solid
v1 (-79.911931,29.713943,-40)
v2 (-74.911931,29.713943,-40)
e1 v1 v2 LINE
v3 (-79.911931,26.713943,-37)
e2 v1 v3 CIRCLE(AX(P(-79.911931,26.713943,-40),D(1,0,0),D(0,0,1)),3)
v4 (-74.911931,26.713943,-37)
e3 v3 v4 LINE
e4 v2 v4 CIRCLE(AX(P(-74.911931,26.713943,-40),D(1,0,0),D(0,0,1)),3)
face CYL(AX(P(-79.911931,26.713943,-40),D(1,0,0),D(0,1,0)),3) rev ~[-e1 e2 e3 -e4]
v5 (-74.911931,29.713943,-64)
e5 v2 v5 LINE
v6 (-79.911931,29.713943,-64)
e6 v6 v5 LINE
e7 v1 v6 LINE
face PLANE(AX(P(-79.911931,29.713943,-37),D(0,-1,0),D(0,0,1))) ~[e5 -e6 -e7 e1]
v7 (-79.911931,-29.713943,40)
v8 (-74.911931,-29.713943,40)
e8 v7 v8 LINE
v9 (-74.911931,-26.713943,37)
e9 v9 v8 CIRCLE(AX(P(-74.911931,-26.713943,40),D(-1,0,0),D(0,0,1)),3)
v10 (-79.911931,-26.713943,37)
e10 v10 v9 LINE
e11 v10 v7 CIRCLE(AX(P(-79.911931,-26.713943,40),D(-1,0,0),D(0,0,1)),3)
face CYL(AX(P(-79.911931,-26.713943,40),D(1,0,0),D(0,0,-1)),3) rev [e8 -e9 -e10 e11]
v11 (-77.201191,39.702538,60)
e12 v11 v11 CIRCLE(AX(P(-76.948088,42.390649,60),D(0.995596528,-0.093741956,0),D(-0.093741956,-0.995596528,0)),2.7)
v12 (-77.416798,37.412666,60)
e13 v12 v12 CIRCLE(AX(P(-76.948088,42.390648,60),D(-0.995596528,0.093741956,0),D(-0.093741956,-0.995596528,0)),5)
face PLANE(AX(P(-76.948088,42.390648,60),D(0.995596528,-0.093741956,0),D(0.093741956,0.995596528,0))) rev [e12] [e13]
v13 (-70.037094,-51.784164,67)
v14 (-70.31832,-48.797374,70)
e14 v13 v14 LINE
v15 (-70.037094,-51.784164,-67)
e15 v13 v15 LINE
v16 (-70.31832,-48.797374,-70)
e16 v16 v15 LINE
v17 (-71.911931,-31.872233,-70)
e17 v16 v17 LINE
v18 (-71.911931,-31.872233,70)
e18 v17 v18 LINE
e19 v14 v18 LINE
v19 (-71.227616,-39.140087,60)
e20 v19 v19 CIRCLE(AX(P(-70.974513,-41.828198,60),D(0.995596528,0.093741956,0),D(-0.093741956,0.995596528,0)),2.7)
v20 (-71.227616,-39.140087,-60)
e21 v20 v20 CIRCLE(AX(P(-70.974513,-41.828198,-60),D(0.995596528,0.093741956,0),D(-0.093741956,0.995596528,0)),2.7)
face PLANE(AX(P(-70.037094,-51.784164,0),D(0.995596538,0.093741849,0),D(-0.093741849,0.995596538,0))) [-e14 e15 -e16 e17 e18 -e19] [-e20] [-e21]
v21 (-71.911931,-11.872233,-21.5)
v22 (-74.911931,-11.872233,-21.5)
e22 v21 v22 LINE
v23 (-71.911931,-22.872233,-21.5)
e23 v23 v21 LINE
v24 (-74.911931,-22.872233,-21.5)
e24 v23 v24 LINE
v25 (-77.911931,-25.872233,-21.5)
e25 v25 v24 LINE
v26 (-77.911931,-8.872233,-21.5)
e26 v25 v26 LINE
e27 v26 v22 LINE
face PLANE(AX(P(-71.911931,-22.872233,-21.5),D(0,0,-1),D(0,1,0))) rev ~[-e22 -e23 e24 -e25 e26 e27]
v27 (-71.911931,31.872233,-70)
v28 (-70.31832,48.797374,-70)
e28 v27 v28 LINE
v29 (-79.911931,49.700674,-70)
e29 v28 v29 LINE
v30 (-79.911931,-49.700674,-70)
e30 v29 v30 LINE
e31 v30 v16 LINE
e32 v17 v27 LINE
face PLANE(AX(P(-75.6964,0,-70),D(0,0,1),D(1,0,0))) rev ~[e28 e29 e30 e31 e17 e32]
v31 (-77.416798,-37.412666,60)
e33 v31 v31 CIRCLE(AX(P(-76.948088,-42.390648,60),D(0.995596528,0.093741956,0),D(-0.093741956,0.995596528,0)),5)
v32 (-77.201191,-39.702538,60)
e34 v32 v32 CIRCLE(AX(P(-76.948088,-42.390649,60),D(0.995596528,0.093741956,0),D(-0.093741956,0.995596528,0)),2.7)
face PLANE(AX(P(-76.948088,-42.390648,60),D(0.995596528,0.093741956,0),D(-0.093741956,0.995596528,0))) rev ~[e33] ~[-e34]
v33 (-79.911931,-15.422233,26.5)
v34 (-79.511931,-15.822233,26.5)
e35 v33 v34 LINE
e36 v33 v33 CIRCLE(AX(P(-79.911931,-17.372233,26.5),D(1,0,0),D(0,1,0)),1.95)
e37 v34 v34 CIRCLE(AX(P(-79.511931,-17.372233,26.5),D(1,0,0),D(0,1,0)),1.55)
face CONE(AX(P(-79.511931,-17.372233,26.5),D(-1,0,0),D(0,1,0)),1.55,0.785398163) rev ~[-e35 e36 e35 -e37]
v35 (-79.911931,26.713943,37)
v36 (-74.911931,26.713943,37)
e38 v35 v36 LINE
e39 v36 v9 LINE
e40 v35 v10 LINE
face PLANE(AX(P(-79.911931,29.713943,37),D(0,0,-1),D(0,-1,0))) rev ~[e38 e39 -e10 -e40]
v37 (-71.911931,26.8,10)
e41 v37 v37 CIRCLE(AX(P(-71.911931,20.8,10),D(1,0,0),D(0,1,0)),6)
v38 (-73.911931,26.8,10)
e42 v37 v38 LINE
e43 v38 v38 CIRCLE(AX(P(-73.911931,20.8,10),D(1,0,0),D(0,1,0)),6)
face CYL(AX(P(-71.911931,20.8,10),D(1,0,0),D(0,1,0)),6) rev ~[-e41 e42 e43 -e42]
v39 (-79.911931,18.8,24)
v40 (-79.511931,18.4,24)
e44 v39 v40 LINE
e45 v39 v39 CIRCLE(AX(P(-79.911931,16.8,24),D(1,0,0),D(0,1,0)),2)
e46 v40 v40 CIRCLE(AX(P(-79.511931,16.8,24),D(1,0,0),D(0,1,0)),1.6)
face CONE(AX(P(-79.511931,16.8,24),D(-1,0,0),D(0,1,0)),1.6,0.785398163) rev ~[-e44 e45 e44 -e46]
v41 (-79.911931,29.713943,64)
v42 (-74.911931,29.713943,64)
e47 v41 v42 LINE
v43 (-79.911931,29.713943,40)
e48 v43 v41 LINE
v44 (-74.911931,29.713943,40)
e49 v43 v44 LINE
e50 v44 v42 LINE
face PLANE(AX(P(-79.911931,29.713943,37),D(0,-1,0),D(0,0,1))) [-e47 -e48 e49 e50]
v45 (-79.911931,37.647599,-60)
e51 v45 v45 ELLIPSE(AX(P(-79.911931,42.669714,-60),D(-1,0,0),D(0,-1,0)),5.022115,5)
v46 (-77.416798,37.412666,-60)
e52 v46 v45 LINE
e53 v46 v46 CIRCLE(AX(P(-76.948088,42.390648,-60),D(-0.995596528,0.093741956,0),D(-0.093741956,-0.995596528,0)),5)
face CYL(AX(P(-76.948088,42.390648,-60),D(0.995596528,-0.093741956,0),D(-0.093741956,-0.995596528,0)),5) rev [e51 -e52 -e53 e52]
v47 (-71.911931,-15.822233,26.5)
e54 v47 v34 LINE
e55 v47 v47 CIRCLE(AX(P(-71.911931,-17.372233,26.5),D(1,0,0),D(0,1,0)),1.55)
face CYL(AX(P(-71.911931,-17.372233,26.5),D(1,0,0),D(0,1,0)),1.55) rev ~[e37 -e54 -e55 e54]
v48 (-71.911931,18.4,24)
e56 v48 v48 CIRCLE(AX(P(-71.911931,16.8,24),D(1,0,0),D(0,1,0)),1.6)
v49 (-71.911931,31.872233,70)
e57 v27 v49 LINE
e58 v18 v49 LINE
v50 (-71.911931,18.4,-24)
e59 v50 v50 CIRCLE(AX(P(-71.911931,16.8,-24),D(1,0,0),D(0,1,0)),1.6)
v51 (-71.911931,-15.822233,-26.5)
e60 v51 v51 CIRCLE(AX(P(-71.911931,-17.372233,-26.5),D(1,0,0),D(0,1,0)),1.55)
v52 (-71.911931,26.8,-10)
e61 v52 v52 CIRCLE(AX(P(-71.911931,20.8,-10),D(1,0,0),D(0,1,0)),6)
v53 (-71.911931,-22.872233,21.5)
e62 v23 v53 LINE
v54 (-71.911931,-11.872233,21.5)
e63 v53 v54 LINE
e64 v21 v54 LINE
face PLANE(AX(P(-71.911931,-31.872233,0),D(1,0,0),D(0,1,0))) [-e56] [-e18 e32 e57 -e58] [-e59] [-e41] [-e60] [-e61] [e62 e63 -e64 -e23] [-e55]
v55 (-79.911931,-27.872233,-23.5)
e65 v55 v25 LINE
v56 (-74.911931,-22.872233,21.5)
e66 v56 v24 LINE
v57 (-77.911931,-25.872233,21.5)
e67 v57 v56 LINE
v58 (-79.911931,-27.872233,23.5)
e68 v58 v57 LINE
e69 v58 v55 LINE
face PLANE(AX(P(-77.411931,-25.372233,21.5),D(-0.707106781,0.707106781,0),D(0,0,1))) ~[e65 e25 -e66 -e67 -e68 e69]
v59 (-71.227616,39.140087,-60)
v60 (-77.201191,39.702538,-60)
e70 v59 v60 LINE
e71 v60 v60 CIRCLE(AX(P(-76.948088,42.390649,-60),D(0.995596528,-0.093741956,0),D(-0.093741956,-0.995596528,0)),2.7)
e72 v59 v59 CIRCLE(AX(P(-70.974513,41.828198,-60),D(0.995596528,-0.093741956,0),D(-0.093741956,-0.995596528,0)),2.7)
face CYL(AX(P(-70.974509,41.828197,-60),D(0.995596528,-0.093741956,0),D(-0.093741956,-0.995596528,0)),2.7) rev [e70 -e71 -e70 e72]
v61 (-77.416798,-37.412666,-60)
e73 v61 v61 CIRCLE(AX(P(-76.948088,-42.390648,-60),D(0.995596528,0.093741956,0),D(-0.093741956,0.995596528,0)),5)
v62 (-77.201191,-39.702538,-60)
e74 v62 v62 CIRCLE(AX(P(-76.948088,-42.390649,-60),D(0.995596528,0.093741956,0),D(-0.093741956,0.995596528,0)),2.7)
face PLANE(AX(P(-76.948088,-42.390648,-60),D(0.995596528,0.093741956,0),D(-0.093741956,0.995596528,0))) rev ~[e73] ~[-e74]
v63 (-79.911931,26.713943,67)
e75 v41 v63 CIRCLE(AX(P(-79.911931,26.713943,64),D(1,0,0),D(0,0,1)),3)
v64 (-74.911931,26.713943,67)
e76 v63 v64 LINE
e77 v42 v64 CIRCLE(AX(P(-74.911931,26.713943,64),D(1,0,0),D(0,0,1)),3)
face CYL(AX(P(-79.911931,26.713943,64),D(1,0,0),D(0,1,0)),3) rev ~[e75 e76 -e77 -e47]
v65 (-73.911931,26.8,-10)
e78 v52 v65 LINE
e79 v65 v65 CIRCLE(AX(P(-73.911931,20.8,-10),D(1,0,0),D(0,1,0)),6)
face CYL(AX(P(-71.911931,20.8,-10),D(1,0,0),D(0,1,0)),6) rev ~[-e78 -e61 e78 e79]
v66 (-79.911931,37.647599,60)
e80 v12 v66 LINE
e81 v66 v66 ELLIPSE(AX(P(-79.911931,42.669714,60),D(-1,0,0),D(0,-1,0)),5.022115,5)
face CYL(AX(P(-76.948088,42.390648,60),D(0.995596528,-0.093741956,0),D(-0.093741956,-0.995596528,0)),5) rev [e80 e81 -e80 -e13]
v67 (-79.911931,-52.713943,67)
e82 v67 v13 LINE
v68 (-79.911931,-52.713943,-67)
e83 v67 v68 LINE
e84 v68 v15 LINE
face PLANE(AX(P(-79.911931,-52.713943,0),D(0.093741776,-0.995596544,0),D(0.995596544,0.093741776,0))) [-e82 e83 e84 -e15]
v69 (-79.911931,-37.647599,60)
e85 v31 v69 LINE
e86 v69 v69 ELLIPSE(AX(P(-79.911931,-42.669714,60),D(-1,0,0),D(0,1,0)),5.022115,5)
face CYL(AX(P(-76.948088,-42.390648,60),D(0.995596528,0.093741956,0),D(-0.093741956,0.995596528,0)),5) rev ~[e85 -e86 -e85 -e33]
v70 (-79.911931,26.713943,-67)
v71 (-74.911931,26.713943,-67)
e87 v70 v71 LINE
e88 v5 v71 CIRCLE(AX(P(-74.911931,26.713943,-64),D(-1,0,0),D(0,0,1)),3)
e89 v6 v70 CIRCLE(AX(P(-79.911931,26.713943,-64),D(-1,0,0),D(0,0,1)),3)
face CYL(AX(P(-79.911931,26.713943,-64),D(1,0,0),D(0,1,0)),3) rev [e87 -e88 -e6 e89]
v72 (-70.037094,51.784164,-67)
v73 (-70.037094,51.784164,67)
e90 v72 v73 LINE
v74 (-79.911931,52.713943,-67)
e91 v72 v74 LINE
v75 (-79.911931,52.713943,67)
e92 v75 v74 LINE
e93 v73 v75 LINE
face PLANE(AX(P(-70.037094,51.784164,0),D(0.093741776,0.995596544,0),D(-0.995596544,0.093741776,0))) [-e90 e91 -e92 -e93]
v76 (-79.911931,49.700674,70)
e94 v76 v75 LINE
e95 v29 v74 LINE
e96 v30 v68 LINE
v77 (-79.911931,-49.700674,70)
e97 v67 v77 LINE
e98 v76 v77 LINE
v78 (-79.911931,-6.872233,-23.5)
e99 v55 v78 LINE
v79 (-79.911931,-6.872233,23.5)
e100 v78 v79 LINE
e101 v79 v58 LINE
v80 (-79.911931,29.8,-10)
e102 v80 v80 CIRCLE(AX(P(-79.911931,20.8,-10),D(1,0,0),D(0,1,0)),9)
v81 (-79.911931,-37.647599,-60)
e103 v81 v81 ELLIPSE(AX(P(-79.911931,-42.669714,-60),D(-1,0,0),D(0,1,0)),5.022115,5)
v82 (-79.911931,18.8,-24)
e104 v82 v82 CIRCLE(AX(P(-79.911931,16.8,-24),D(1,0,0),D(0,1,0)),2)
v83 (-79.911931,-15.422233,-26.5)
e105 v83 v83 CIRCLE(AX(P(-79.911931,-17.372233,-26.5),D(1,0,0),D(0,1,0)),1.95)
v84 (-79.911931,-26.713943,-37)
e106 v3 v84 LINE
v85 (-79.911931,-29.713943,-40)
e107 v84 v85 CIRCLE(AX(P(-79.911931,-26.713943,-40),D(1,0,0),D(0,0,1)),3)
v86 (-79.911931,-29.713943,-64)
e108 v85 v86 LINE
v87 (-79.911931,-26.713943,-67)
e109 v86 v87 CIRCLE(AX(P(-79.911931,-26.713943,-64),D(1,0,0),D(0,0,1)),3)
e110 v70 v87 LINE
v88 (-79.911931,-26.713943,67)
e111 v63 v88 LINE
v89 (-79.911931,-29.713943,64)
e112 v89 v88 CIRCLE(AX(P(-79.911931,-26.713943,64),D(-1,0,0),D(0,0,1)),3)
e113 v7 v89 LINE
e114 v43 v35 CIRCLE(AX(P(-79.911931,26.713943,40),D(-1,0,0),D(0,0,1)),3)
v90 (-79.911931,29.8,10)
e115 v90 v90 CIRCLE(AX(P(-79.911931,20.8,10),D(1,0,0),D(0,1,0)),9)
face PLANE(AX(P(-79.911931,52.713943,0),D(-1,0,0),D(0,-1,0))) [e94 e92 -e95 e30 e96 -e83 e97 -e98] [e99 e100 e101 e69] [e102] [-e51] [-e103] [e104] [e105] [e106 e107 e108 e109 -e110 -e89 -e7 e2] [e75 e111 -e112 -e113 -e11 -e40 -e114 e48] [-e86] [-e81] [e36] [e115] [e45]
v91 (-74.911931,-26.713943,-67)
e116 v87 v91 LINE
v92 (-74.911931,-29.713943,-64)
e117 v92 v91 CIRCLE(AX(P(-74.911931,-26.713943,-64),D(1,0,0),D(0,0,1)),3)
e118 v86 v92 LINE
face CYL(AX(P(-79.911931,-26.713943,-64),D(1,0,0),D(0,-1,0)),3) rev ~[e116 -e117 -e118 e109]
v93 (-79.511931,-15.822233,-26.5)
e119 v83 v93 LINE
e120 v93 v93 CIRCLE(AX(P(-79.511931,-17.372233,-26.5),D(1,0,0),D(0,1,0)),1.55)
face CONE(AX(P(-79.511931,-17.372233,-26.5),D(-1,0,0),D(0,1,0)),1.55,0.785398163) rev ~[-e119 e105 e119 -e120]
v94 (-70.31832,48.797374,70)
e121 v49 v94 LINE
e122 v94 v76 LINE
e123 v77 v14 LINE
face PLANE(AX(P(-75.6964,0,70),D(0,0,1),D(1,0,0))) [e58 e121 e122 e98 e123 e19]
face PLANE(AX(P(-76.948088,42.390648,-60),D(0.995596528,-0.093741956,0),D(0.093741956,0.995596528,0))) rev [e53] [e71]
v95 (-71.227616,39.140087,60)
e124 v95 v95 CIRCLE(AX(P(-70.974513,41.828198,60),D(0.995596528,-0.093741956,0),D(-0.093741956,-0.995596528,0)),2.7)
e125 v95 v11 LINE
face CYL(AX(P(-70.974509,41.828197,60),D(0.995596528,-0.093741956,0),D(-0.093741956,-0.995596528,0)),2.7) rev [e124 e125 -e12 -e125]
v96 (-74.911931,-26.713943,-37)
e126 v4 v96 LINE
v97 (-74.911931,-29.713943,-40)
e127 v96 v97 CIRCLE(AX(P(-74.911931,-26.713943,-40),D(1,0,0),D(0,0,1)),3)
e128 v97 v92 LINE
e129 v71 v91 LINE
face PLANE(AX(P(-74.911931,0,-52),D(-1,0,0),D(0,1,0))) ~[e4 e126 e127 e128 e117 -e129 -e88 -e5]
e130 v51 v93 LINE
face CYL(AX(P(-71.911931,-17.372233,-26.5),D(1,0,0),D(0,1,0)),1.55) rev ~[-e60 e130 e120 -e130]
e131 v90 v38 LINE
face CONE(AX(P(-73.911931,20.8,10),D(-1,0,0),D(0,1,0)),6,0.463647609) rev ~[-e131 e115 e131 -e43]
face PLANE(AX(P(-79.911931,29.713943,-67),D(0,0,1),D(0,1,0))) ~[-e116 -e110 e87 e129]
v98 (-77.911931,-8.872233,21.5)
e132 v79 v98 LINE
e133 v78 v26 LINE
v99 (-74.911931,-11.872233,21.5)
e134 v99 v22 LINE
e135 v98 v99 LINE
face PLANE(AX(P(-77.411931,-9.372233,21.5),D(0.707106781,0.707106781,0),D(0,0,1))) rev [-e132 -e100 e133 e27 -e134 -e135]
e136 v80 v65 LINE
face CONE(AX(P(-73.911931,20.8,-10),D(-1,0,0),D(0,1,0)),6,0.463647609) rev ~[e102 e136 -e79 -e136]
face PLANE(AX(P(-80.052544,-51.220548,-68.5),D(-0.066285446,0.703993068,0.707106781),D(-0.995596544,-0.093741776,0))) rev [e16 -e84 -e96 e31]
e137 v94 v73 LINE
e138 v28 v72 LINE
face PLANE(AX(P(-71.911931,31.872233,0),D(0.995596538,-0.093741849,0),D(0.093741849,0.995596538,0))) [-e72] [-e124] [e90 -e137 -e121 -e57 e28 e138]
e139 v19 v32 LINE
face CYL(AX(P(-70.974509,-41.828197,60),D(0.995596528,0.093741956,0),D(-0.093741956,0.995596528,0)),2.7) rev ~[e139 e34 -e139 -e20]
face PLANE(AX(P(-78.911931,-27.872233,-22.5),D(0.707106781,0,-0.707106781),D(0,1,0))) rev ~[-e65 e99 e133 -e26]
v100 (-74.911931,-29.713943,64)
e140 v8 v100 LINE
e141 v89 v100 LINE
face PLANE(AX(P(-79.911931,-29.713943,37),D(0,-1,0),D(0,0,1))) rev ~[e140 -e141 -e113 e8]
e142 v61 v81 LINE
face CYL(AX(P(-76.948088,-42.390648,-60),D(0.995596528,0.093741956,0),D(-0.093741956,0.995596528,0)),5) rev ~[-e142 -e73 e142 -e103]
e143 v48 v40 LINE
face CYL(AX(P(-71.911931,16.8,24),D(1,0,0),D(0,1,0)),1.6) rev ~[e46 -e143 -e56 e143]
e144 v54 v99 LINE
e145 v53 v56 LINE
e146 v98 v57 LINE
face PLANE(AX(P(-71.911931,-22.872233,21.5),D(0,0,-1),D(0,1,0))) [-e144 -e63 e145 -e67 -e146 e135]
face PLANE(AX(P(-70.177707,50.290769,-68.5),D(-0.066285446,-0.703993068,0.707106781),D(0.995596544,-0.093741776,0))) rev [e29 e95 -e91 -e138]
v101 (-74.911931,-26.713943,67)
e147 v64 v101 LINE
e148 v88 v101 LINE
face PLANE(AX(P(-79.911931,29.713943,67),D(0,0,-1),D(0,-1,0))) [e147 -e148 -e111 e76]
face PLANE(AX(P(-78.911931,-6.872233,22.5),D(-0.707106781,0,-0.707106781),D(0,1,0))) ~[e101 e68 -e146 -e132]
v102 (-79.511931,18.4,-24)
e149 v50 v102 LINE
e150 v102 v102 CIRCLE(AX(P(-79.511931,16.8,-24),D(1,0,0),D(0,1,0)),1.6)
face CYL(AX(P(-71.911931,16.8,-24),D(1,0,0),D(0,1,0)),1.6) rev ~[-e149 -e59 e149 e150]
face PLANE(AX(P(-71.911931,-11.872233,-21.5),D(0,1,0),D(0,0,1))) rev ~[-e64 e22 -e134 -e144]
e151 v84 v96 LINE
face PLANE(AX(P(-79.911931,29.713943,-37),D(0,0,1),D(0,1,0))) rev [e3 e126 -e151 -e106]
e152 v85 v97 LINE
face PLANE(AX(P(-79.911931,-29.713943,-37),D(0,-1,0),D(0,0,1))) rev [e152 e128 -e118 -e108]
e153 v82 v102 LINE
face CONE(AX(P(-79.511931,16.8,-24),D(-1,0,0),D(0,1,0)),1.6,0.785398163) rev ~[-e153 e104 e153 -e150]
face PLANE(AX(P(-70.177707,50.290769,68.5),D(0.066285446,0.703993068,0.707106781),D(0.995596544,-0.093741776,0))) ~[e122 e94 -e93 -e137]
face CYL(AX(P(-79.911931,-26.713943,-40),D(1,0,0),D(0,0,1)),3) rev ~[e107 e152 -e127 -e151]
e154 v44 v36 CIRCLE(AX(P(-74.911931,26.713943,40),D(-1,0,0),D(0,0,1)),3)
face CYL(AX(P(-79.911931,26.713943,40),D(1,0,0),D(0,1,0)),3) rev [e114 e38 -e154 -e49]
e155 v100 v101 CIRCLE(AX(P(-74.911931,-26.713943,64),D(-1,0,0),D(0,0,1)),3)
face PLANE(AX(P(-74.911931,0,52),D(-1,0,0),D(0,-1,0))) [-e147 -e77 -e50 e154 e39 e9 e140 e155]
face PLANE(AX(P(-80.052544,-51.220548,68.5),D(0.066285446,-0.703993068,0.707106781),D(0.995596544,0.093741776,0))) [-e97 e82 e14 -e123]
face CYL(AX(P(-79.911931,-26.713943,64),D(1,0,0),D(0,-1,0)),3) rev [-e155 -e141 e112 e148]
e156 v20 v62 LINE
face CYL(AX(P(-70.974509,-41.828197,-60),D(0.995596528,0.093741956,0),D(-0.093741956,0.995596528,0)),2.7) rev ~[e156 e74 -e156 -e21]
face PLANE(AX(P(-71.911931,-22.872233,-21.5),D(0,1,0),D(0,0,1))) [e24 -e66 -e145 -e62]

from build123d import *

# Parameters (mm, degrees)
SKETCH021_W      = 59.427886
SKETCH021_H      = 30
PAD012_DEPTH     = 5
FILLET003_R      = 3
PAD011_DEPTH     = 70
SKETCH017_R      = 2.7
POCKET006_DEPTH  = 12
SKETCH018_R      = 5
POCKET007_DEPTH  = 5
CHAMFER008_SIZE  = 3
SKETCH019_R      = 1.55
SKETCH019_W      = 11
SKETCH019_H      = 43
POCKET008_DEPTH  = 20
CHAMFER009_SIZE  = 5
CHAMFER010_SIZE  = 2
SKETCH020_R      = 1.6
SKETCH020_R_2    = 6
POCKET009_DEPTH  = 14
CHAMFER011_SIZE2 = 6
CHAMFER011_SIZE  = 3
CHAMFER012_SIZE  = 0.4


with BuildPart() as rear_carter_center:
    # Sketch021 (on Face1 of CopyChamfer012) → Pad012 (new body)
    with BuildSketch(Plane(origin=(-79.911931, 0, 0), x_dir=(0, -1, 0), z_dir=(-1, 0, 0))):
        with Locations((0, 52)):
            Rectangle(SKETCH021_W, SKETCH021_H)
    extrude(amount=-PAD012_DEPTH)

    # Mirrored007: rear-carter-center across XY


with BuildPart() as rear_carter_center_1:
    add(rear_carter_center.part)
    add(rear_carter_center.part.mirror(Plane.XY))

    # Fillet003
    fillet003_edges = [rear_carter_center_1.edges().sort_by_distance(p)[0] for p in [
        (-77.411931, -29.713943, 67),
        (-77.411931, -29.713943, 37),
        (-77.411931, 29.713943, 67),
        (-77.411931, 29.713943, -37),
        (-77.411931, -29.713943, -37),
        (-77.411931, 29.713943, 37),
        (-77.411931, 29.713943, -67),
        (-77.411931, -29.713943, -67),
    ]]
    fillet(fillet003_edges, radius=FILLET003_R)


with BuildPart() as cut:
    # Sketch016 (on XY_Plane010 of Origin020) → Pad011 (new body, symmetric)
    with BuildSketch(Plane.XY):
        Polygon((-70.037094, -51.784164), (-71.911931, -31.872233), (-71.911931, 31.872233), (-70.037094, 51.784164), (-79.911931, 52.713943), (-79.911931, -52.713943), align=None)
    extrude(amount=PAD011_DEPTH, both=True)

    # Sketch017 (on Face1 of Pad011) → Pocket006 (cut)
    with BuildSketch(Plane(origin=(-74.254608, -6.991552, 0), x_dir=(-0.093742, 0.995597, 0), z_dir=(0.995597, 0.093742, 0))):
        with Locations((-34.990726, 60)):
            Circle(SKETCH017_R)
        with Locations((-34.990726, -60)):
            Circle(SKETCH017_R)
    pocket006 = extrude(amount=-POCKET006_DEPTH, mode=Mode.SUBTRACT)

    # Sketch018 (on Face1 of Pocket006) → Pocket007 (cut)
    with BuildSketch(Plane(origin=(-80.228187, -7.554003, 0), x_dir=(-0.093742, 0.995597, 0), z_dir=(0.995597, 0.093742, 0))):
        with Locations((-34.990726, 60)):
            Circle(SKETCH018_R)
        with Locations((-34.990726, -60)):
            Circle(SKETCH018_R)
    pocket007 = extrude(amount=-POCKET007_DEPTH, mode=Mode.SUBTRACT)

    # Mirrored006: Pocket006, Pocket007 across XZ
    add(pocket006.mirror(Plane.XZ), mode=Mode.SUBTRACT)
    add(pocket007.mirror(Plane.XZ), mode=Mode.SUBTRACT)

    # Chamfer008
    chamfer008_edges = [cut.edges().sort_by_distance(p)[0] for p in [
        (-74.974512, 52.249054, 70),
        (-74.974512, 52.249054, -70),
        (-74.974512, -52.249054, 70),
        (-74.974512, -52.249054, -70),
    ]]
    chamfer(chamfer008_edges, length=CHAMFER008_SIZE)

    # Sketch019 (on Face7 of Chamfer008) → Pocket008 (cut)
    with BuildSketch(Plane.YZ.offset(-71.911931)):
        with Locations((-17.372233, 26.5)):
            Circle(SKETCH019_R)
        with Locations((-17.372233, -26.5)):
            Circle(SKETCH019_R)
        with Locations((-17.372233, 0)):
            Rectangle(SKETCH019_W, SKETCH019_H)
    extrude(amount=-POCKET008_DEPTH, mode=Mode.SUBTRACT)

    # Chamfer009
    chamfer009_edges = [cut.edges().sort_by_distance(p)[0] for p in [
        (-79.911931, -11.872233, 0),
        (-79.911931, -22.872233, 0),
    ]]
    chamfer(chamfer009_edges, length=CHAMFER009_SIZE)

    # Chamfer010
    chamfer010_edges = [cut.edges().sort_by_distance(p)[0] for p in [
        (-79.911931, -17.372233, 21.5),
        (-79.911931, -17.372233, -21.5),
    ]]
    chamfer(chamfer010_edges, length=CHAMFER010_SIZE)

    # Sketch020 (on Face24 of Chamfer010) → Pocket009 (cut)
    with BuildSketch(Plane.YZ.offset(-71.911931)):
        with Locations((16.8, 24)):
            Circle(SKETCH020_R)
        with Locations((16.8, -24)):
            Circle(SKETCH020_R)
        with Locations((20.8, 10)):
            Circle(SKETCH020_R_2)
        with Locations((20.8, -10)):
            Circle(SKETCH020_R_2)
    extrude(amount=-POCKET009_DEPTH, mode=Mode.SUBTRACT)

    # Chamfer011
    chamfer011_edges = [cut.edges().sort_by_distance(p)[0] for p in [
        (-79.911931, 14.8, 10),
        (-79.911931, 14.8, -10),
    ]]
    chamfer011_side = cut.faces().sort_by_distance((-79.911931, 0.943229, 0))[0]
    chamfer(chamfer011_edges, length=CHAMFER011_SIZE, length2=CHAMFER011_SIZE2, reference=chamfer011_side)

    # Chamfer012
    chamfer012_edges = [cut.edges().sort_by_distance(p)[0] for p in [
        (-79.911931, 15.2, -24),
        (-79.911931, 15.2, 24),
        (-79.911931, -18.922233, 26.5),
        (-79.911931, -18.922233, -26.5),
    ]]
    chamfer(chamfer012_edges, length=CHAMFER012_SIZE)

    # Cut: cut rear-carter-center
    add(rear_carter_center_1.part, mode=Mode.SUBTRACT)


solid = cut.part
